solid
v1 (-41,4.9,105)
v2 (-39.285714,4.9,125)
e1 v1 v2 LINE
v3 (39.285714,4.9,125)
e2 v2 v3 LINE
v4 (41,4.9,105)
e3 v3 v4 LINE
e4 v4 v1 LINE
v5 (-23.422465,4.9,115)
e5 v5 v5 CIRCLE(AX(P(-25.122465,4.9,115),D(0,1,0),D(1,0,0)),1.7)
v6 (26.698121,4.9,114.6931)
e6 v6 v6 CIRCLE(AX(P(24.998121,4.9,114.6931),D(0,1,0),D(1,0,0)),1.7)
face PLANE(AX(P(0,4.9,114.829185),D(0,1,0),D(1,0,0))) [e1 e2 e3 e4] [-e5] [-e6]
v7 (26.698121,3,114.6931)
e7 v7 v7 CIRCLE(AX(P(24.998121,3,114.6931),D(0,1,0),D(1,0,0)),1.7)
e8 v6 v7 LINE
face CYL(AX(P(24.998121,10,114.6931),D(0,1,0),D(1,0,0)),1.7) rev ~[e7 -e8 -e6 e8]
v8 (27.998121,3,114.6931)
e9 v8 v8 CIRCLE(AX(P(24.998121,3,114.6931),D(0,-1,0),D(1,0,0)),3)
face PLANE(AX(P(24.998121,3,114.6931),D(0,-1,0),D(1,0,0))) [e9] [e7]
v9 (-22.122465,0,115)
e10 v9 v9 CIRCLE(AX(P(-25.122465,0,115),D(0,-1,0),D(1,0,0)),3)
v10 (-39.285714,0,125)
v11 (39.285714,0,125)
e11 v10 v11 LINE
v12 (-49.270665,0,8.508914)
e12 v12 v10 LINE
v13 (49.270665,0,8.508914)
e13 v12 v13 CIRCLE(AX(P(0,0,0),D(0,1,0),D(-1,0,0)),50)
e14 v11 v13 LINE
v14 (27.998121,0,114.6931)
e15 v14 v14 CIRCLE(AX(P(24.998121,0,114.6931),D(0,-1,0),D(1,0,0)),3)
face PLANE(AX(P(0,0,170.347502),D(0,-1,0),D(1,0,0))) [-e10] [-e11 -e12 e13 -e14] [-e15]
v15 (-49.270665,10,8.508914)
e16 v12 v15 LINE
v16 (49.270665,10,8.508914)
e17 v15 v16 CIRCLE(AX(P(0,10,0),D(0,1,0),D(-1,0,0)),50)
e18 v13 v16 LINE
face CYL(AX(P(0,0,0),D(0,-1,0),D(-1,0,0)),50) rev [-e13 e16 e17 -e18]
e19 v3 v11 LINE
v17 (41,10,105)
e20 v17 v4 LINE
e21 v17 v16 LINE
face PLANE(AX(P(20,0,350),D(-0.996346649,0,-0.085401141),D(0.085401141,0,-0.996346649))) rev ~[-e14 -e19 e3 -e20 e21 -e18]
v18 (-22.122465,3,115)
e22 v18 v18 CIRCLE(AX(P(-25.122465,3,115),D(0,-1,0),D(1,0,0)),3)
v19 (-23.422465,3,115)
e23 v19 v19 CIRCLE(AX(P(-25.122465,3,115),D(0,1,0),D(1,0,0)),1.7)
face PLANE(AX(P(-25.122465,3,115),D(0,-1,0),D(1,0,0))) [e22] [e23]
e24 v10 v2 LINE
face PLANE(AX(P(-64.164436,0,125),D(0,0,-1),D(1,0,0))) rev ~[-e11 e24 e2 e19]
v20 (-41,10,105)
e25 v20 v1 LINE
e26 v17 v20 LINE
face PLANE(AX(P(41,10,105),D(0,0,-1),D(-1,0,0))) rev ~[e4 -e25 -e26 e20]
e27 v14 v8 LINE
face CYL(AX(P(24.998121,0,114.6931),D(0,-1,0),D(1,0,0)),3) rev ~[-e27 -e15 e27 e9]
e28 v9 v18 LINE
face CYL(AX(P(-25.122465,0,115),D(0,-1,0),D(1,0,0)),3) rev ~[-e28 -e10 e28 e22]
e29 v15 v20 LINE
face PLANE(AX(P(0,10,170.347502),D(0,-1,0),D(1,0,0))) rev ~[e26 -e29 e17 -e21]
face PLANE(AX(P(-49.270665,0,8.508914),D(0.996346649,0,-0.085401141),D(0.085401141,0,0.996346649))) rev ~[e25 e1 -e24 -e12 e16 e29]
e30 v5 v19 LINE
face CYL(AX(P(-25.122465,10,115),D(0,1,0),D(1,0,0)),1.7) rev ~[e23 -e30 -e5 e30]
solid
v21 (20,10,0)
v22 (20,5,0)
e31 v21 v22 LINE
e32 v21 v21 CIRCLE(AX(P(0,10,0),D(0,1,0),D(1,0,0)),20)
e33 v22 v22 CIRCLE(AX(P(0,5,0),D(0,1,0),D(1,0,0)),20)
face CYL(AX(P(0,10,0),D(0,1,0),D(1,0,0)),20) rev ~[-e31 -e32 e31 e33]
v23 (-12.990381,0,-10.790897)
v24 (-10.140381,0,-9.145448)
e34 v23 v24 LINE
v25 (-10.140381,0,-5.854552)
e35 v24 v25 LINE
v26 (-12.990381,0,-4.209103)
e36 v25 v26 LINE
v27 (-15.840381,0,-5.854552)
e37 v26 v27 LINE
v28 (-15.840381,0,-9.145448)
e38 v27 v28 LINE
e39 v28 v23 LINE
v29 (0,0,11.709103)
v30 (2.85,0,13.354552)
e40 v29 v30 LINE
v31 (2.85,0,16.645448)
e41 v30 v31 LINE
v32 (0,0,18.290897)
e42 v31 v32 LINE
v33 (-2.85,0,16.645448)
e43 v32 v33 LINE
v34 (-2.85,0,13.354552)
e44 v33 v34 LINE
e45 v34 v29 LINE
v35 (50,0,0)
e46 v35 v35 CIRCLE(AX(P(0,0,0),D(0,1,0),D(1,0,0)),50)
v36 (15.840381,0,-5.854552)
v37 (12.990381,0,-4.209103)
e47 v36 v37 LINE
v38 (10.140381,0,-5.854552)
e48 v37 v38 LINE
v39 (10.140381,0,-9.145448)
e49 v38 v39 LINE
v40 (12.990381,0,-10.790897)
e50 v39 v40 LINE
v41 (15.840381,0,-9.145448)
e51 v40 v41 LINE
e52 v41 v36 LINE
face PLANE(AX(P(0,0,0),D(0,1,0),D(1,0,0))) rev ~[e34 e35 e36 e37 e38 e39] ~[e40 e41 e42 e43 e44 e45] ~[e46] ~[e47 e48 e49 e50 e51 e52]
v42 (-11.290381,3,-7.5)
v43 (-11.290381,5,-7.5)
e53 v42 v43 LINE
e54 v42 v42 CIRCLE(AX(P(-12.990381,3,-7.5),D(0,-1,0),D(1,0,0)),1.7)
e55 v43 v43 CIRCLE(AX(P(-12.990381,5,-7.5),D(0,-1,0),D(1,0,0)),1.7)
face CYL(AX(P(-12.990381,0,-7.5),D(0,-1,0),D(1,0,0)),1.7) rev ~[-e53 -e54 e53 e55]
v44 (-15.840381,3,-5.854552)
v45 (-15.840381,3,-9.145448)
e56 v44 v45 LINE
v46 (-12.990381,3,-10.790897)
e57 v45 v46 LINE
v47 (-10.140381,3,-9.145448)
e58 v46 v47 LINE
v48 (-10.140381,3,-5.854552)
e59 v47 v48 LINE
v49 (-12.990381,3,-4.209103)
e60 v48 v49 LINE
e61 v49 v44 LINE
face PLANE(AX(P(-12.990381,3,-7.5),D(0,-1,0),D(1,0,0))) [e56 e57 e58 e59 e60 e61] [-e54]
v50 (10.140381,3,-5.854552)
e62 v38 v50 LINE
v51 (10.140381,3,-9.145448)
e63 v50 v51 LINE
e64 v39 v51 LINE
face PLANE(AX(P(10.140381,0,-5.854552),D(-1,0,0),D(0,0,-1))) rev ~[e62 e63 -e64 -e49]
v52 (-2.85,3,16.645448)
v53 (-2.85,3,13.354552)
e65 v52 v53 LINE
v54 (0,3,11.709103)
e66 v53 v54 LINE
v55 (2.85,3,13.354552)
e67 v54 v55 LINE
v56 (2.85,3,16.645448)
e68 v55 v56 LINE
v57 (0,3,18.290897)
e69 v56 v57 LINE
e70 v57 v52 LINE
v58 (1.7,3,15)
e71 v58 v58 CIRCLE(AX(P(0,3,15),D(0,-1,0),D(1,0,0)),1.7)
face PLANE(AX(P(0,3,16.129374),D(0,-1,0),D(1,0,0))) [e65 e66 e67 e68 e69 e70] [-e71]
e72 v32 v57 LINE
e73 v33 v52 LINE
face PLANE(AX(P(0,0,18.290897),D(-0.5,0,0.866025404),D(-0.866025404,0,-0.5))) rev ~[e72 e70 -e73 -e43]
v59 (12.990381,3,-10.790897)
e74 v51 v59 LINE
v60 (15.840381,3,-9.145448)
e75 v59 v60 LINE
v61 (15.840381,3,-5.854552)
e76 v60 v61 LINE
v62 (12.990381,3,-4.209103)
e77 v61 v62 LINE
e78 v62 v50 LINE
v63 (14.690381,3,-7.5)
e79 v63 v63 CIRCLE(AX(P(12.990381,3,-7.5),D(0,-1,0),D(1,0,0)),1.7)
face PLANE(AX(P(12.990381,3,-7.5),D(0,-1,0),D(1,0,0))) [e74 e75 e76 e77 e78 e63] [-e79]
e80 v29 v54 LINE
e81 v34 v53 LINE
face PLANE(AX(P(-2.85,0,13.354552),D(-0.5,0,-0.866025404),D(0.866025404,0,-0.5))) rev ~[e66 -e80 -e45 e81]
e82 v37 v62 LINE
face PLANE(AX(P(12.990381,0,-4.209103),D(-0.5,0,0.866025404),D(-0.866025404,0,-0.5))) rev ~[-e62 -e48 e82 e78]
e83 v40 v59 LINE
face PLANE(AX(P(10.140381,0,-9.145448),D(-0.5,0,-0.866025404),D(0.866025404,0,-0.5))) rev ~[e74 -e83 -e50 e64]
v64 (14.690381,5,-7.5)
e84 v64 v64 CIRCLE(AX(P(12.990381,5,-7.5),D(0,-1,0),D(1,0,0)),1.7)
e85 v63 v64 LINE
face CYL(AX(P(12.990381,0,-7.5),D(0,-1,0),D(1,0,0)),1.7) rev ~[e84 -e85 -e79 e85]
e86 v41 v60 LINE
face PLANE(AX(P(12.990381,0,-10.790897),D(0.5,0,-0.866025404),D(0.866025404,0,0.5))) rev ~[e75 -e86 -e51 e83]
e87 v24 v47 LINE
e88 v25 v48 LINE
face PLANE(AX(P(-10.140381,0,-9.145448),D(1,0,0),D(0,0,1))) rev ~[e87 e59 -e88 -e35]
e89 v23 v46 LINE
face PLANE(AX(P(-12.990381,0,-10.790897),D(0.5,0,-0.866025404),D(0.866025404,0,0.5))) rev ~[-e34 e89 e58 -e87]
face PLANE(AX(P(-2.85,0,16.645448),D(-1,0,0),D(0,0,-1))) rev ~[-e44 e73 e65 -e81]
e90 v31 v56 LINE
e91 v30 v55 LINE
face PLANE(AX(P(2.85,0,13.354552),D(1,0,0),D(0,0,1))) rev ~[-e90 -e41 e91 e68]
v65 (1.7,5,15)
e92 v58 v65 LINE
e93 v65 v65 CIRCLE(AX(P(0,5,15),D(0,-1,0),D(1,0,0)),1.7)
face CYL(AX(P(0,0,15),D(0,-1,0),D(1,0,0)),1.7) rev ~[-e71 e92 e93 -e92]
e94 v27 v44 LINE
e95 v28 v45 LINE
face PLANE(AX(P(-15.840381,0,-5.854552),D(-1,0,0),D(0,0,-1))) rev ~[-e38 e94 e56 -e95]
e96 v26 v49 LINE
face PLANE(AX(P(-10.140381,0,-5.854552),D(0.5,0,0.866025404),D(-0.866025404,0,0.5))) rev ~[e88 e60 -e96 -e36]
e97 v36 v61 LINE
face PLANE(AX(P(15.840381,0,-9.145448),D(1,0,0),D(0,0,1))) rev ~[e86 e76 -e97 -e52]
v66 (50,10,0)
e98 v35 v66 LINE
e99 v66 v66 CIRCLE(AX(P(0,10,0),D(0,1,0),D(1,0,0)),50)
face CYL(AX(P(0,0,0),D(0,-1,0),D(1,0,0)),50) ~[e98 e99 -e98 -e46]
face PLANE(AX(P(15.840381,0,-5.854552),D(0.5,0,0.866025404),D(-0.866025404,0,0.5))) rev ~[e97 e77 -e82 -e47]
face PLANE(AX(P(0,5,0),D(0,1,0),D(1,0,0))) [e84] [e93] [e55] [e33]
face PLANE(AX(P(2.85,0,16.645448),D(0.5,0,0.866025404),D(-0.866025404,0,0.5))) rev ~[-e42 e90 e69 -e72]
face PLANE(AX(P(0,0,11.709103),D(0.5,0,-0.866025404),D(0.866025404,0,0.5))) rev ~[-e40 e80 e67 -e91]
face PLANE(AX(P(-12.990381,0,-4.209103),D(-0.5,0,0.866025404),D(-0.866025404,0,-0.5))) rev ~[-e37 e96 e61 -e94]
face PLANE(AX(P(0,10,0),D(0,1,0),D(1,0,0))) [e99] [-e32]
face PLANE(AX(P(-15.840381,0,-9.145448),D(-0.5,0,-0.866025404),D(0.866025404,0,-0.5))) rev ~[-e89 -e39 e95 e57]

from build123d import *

# Parameters (mm, degrees)
SKETCH1_R           = 50
BOSS_EXTRUDE1_DEPTH = 10
SKETCH2_R           = 20
CUT_EXTRUDE1_DEPTH  = 5
CUT_EXTRUDE6_DEPTH  = 3
SKETCH8_R           = 1.7
CUT_EXTRUDE7_DEPTH  = 10
BOSS_EXTRUDE3_DEPTH = 10
SKETCH10_W          = 21
SKETCH10_H          = 41
CUT_EXTRUDE8_DEPTH  = 10
SKETCH11_W          = 21
SKETCH11_H          = 6.5
CUT_EXTRUDE9_DEPTH  = 1.5
SKETCH12_R          = 1.7
CUT_EXTRUDE10_DEPTH = 9
CUT_EXTRUDE11_DEPTH = 10
SKETCH14_W          = 121.865884167
SKETCH14_H          = 250
CUT_EXTRUDE12_DEPTH = 10
SKETCH18_R          = 1.7
CUT_EXTRUDE16_DEPTH = 5.1
SKETCH18_3_R        = 1.7
CUT_EXTRUDE17_DEPTH = 10
SKETCH19_R          = 3
CUT_EXTRUDE18_DEPTH = 3


with BuildPart() as part:
    # Sketch1 → Boss-Extrude1 (new body)
    with BuildSketch(Plane(origin=(0, 0, 0), x_dir=(1, 0, 0), z_dir=(0, 1, 0))):
        Circle(SKETCH1_R)
    extrude(amount=BOSS_EXTRUDE1_DEPTH)

    # Sketch2 → Cut-Extrude1 (cut)
    with BuildSketch(Plane(origin=(0, 10, 0), x_dir=(1, 0, 0), z_dir=(0, 1, 0))):
        Circle(SKETCH2_R)
    extrude(amount=-CUT_EXTRUDE1_DEPTH, mode=Mode.SUBTRACT)

    # Sketch7 → Cut-Extrude6 (cut)
    with BuildSketch(Plane.XZ):
        Polygon((12.990381057, -4.209103466), (10.140381057, -5.854551733), (10.140381057, -9.145448267), (12.990381057, -10.790896534), (15.840381057, -9.145448267), (15.840381057, -5.854551733), align=None)
        Polygon((-12.990381057, -4.209103466), (-15.840381057, -5.854551733), (-15.840381057, -9.145448267), (-12.990381057, -10.790896534), (-10.140381057, -9.145448267), (-10.140381057, -5.854551733), align=None)
        Polygon((-2.85, 16.645448267), (-2.85, 13.354551733), (0, 11.709103466), (2.85, 13.354551733), (2.85, 16.645448267), (0, 18.290896534), align=None)
    extrude(amount=-CUT_EXTRUDE6_DEPTH, mode=Mode.SUBTRACT)

    # Sketch8 → Cut-Extrude7 (cut)
    with BuildSketch(Plane.XZ):
        with Locations((0, 15)):
            Circle(SKETCH8_R)
        with Locations((12.990381057, -7.5)):
            Circle(SKETCH8_R)
        with Locations((-12.990381057, -7.5)):
            Circle(SKETCH8_R)
    extrude(amount=-CUT_EXTRUDE7_DEPTH, mode=Mode.SUBTRACT)


with BuildPart() as body_2:
    # Sketch9 → Boss-Extrude3 (new body)
    with BuildSketch(Plane.XZ):
        with BuildLine():
            Line((-50, 350), (-50, 0))
            ThreePointArc((-50, 0), (0, 50), (50, 0))
            Line((50, 0), (50, 350))
            Line((50, 350), (-50, 350))
        make_face()
    extrude(amount=-BOSS_EXTRUDE3_DEPTH)

    # Sketch10 → Cut-Extrude8 (cut)
    with BuildSketch(Plane.XZ):
        with Locations((0, 319.5)):
            Rectangle(SKETCH10_W, SKETCH10_H)
    extrude(amount=-CUT_EXTRUDE8_DEPTH, mode=Mode.SUBTRACT)

    # Sketch11 → Cut-Extrude9 (cut)
    with BuildSketch(Plane.XZ):
        with Locations((0, 295.75)):
            Rectangle(SKETCH11_W, SKETCH11_H)
        with Locations((0, 343.25)):
            Rectangle(SKETCH11_W, SKETCH11_H)
    extrude(amount=-CUT_EXTRUDE9_DEPTH, mode=Mode.SUBTRACT)

    # Sketch12 → Cut-Extrude10 (cut)
    with BuildSketch(Plane.XZ.offset(-1.5)):
        with Locations((-5, 343.75)):
            Circle(SKETCH12_R)
        with Locations((5, 343.75)):
            Circle(SKETCH12_R)
        with Locations((-5, 295.25)):
            Circle(SKETCH12_R)
        with Locations((5, 295.25)):
            Circle(SKETCH12_R)
    extrude(amount=-CUT_EXTRUDE10_DEPTH, mode=Mode.SUBTRACT)

    # Sketch13 → Cut-Extrude11 (cut)
    with BuildSketch(Plane.XZ):
        with BuildLine():
            Line((-50, 350), (-50, 0))
            ThreePointArc((-50, 0), (-49.817332452, 4.270057067), (-49.270664506, 8.5089141))
            Line((-49.270664506, 8.5089141), (-20, 350))
            Line((-20, 350), (-50, 350))
        make_face()
        with BuildLine():
            Line((20, 350), (49.270664506, 8.5089141))
            ThreePointArc((49.270664506, 8.5089141), (49.817332452, 4.270057067), (50, 0))
            Line((50, 0), (50, 350))
            Line((50, 350), (20, 350))
        make_face()
    extrude(amount=-CUT_EXTRUDE11_DEPTH, mode=Mode.SUBTRACT)

    # Sketch14 → Cut-Extrude12 (cut)
    with BuildSketch(Plane.XZ):
        with Locations((-3.231493741, 250)):
            Rectangle(SKETCH14_W, SKETCH14_H)
    extrude(amount=-CUT_EXTRUDE12_DEPTH, mode=Mode.SUBTRACT)

    # Sketch18 → Cut-Extrude16 (cut)
    with BuildSketch(Plane(origin=(0, 10, 0), x_dir=(1, 0, 0), z_dir=(0, 1, 0))):
        Polygon((41, -105), (-41, -105), (-39.285714286, -125), (39.285714286, -125), align=None)
        with Locations((-25.122464826, -115)):
            Circle(SKETCH18_R, mode=Mode.SUBTRACT)
        with Locations((24.998120775, -114.693099561)):
            Circle(SKETCH18_R, mode=Mode.SUBTRACT)
    extrude(amount=-CUT_EXTRUDE16_DEPTH, mode=Mode.SUBTRACT)

    # Sketch18<3> → Cut-Extrude17 (cut)
    with BuildSketch(Plane(origin=(0, 10, 0), x_dir=(1, 0, 0), z_dir=(0, 1, 0))):
        with Locations((-25.122464826, -115)):
            Circle(SKETCH18_3_R)
        with Locations((24.998120775, -114.693099561)):
            Circle(SKETCH18_3_R)
    extrude(amount=-CUT_EXTRUDE17_DEPTH, mode=Mode.SUBTRACT)

    # Sketch19 → Cut-Extrude18 (cut)
    with BuildSketch(Plane.XZ):
        with Locations((-25.122464826, 115)):
            Circle(SKETCH19_R)
        with Locations((24.998120775, 114.693099561)):
            Circle(SKETCH19_R)
    extrude(amount=-CUT_EXTRUDE18_DEPTH, mode=Mode.SUBTRACT)


solid = Compound([part.part, body_2.part])
